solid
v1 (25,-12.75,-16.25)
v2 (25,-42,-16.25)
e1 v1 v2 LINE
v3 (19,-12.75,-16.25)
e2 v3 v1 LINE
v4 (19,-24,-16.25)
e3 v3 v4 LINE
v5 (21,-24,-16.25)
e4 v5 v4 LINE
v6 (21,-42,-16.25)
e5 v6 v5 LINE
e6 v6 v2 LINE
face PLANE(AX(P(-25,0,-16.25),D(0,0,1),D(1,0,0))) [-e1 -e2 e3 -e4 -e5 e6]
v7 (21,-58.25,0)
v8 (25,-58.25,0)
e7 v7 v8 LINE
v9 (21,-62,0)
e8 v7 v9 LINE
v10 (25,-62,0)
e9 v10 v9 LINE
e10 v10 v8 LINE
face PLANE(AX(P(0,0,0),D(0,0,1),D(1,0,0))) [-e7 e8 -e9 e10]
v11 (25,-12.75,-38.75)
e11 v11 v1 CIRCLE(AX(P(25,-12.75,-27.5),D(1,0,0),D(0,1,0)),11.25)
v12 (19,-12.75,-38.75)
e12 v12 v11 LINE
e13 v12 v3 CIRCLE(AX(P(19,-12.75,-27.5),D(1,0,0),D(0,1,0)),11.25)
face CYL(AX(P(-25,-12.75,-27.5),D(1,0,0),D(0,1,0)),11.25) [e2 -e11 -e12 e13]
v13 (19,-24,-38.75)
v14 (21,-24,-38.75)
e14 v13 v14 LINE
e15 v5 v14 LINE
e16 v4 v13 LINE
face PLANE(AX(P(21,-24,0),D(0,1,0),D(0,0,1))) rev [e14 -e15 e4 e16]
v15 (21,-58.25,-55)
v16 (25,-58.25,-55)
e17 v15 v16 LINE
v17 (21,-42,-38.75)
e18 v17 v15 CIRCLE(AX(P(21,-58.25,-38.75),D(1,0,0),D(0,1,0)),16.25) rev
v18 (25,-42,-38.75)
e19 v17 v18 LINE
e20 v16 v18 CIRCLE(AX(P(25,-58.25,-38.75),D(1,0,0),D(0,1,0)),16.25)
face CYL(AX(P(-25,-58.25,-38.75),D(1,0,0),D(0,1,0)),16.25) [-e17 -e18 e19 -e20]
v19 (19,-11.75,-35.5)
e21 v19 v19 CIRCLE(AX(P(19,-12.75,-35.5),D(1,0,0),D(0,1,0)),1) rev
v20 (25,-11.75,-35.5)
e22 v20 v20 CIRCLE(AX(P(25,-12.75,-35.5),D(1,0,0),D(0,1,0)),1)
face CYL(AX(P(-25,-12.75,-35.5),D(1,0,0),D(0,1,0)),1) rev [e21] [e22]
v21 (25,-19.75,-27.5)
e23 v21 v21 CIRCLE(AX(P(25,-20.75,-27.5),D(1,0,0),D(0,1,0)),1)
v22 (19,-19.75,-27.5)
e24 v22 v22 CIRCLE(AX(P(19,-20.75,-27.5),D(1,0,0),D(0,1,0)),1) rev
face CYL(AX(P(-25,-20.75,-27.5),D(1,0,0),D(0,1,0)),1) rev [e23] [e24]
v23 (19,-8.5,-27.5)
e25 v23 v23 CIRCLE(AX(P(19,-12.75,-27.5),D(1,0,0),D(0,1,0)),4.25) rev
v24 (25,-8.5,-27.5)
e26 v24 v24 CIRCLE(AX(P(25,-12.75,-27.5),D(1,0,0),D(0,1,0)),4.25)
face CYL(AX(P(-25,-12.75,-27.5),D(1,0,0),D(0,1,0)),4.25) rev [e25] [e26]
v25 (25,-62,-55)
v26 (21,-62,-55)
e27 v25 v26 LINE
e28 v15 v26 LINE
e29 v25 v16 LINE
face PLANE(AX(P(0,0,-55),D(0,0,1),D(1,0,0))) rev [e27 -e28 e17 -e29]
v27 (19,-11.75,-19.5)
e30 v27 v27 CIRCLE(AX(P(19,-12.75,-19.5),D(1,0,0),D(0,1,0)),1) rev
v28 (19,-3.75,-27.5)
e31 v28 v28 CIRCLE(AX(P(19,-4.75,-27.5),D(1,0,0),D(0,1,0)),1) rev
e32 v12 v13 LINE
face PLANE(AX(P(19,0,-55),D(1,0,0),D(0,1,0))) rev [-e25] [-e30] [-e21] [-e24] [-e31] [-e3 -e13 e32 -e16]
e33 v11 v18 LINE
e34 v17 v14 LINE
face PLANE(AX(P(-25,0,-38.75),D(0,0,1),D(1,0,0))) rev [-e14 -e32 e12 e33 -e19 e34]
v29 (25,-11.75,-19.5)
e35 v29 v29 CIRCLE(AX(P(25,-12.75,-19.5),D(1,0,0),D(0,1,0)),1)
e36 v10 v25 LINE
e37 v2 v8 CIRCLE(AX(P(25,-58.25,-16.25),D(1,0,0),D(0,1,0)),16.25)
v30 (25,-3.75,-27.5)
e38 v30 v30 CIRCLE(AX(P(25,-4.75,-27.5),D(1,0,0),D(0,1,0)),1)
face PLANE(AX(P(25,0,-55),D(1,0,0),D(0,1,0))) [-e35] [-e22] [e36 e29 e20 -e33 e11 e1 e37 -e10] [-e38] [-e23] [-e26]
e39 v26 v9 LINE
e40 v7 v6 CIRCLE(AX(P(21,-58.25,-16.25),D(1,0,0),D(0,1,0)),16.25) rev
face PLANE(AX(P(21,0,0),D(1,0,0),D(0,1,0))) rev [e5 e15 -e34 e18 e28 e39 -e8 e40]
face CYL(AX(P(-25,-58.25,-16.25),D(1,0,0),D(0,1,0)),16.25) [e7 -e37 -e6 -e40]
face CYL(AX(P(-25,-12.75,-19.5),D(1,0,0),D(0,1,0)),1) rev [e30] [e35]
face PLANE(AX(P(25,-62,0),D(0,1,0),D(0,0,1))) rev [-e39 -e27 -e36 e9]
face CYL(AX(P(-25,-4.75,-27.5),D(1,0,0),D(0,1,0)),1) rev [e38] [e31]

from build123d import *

# Parameters (mm, degrees)
SKETCH1_W           = 50
SKETCH1_H           = 170
BOSS_EXTRUDE1_DEPTH = 55
SKETCH2_W           = 34
SKETCH2_H           = 27
CUT_EXTRUDE1_DEPTH  = 181.416185527
SKETCH3_W           = 10
SKETCH3_H           = 24
SKETCH3_R           = 4.25
SKETCH3_R_2         = 1
CUT_EXTRUDE2_DEPTH  = 186.539753153
SKETCH4_W           = 2
SKETCH4_H           = 24
CUT_EXTRUDE3_DEPTH  = 178.623196683
SKETCH5_W           = 6.25
SKETCH5_H           = 11.25
CUT_EXTRUDE4_DEPTH  = 186.539753153
SKETCH6_W           = 38
SKETCH6_H           = 10
CUT_EXTRUDE5_DEPTH  = 181.416185527
SKETCH8_W           = 13.25
SKETCH8_H           = 2.25
CUT_EXTRUDE7_DEPTH  = 186.539753153
SKETCH9_W           = 34
SKETCH9_H           = 35.25
CUT_EXTRUDE8_DEPTH  = 179.297679458
SKETCH11_W          = 13.25
SKETCH11_H          = 20.25
CUT_EXTRUDE9_DEPTH  = 184.480414486
SKETCH12_W          = 28.5
SKETCH12_H          = 15
BOSS_EXTRUDE2_DEPTH = 8
SKETCH14_W          = 34
SKETCH14_H          = 15
SKETCH14_H_2        = 10.25
BOSS_EXTRUDE3_DEPTH = 13.25
SKETCH16_R          = 4.5
SKETCH16_R_2        = 2.5
CUT_EXTRUDE13_DEPTH = 8
SKETCH17_W          = 16.25
SKETCH17_H          = 18
CUT_EXTRUDE14_DEPTH = 175.384811552
CUT_EXTRUDE15_DEPTH = 175.384811552
SKETCH20_W          = 42
SKETCH20_H          = 6.25
SKETCH20_H_2        = 18
SKETCH20_H_3        = 58.75
CUT_EXTRUDE18_DEPTH = 169.923244404
SKETCH22_R          = 4.5
SKETCH22_R_2        = 1.45
BOSS_EXTRUDE4_DEPTH = 8
SKETCH23_W          = 2
SKETCH23_H          = 10
CUT_EXTRUDE19_DEPTH = 165.352137193
FILLET1_R           = 10
SKETCH24_W          = 55
SKETCH24_H          = 55
CUT_EXTRUDE20_DEPTH = 175.384811552
SKETCH25_W          = 85.852144446
SKETCH25_H          = 76.221294909
CUT_EXTRUDE21_DEPTH = 175.384811552
SKETCH26_W          = 33.011757796
SKETCH26_H          = 68.674094685
CUT_EXTRUDE22_DEPTH = 87.567892431


with BuildPart() as part:
    # Sketch1 → Boss-Extrude1 (new body)
    with BuildSketch(Plane.XY):
        with Locations((0, -85)):
            Rectangle(SKETCH1_W, SKETCH1_H)
    extrude(amount=-BOSS_EXTRUDE1_DEPTH)

    # Sketch2 → Cut-Extrude1 (cut, through all)
    with BuildSketch(Plane.XY):
        with Locations((0, -13.5)):
            Rectangle(SKETCH2_W, SKETCH2_H)
    extrude(amount=-CUT_EXTRUDE1_DEPTH, mode=Mode.SUBTRACT)

    # Sketch3 → Cut-Extrude2 (cut, through all)
    with BuildSketch(Plane(origin=(25, 0, 0), x_dir=(0, 0, -1), z_dir=(1, 0, 0))):
        with Locations((50, -12)):
            Rectangle(SKETCH3_W, SKETCH3_H)
        with Locations((5, -12)):
            Rectangle(SKETCH3_W, SKETCH3_H)
        with Locations(Location((27.5, -12.75, 0), (0, 0, 90))):
            Circle(SKETCH3_R)
        with Locations(Location((35.5, -12.75, 0), (0, 0, 90))):
            Circle(SKETCH3_R_2)
        with Locations(Location((27.5, -4.75, 0), (0, 0, 90))):
            Circle(SKETCH3_R_2)
        with Locations(Location((27.5, -20.75, 0), (0, 0, 90))):
            Circle(SKETCH3_R_2)
        with Locations(Location((19.5, -12.75, 0), (0, 0, 90))):
            Circle(SKETCH3_R_2)
    extrude(amount=-CUT_EXTRUDE2_DEPTH, mode=Mode.SUBTRACT)

    # Sketch4 → Cut-Extrude3 (cut, through all)
    with BuildSketch(Plane.XY.offset(-10)):
        with Locations((-18, -12)):
            Rectangle(SKETCH4_W, SKETCH4_H)
        with Locations((18, -12)):
            Rectangle(SKETCH4_W, SKETCH4_H)
    extrude(amount=-CUT_EXTRUDE3_DEPTH, mode=Mode.SUBTRACT)

    # Sketch5 → Cut-Extrude4 (cut, through all)
    with BuildSketch(Plane(origin=(25, 0, 0), x_dir=(0, 0, -1), z_dir=(1, 0, 0))):
        with BuildLine():
            Line((45, 0), (10, 0))
            Line((10, 0), (10, -12.75))
            Line((10, -12.75), (16.25, -12.75))
            ThreePointArc((16.25, -12.75), (27.5, -1.5), (38.75, -12.75))
            Line((38.75, -12.75), (45, -12.75))
            Line((45, -12.75), (45, 0))
        make_face()
        with Locations((13.125, -18.375)):
            Rectangle(SKETCH5_W, SKETCH5_H)
        with Locations((41.875, -18.375)):
            Rectangle(SKETCH5_W, SKETCH5_H)
    extrude(amount=-CUT_EXTRUDE4_DEPTH, mode=Mode.SUBTRACT)

    # Sketch6 → Cut-Extrude5 (cut, through all)
    with BuildSketch(Plane.XY):
        with Locations((0, -29)):
            Rectangle(SKETCH6_W, SKETCH6_H)
    extrude(amount=-CUT_EXTRUDE5_DEPTH, mode=Mode.SUBTRACT)

    # Sketch8 → Cut-Extrude7 (cut, through all)
    with BuildSketch(Plane(origin=(25, 0, 0), x_dir=(0, 0, -1), z_dir=(1, 0, 0))):
        with BuildLine():
            Line((27.5, -157.5), (27.5, -132.5))
            Line((27.5, -132.5), (13.25, -132.5))
            Line((13.25, -132.5), (13.25, -167.75))
            Line((13.25, -167.75), (17.25, -167.75))
            ThreePointArc((17.25, -167.75), (20.252155493, -160.502155493), (27.5, -157.5))
        make_face()
        with BuildLine():
            Line((41.75, -167.75), (41.75, -132.5))
            Line((41.75, -132.5), (27.5, -132.5))
            Line((27.5, -132.5), (27.5, -157.5))
            ThreePointArc((27.5, -157.5), (34.747844507, -160.502155493), (37.75, -167.75))
            Line((37.75, -167.75), (41.75, -167.75))
        make_face()
        with Locations((48.375, -168.875)):
            Rectangle(SKETCH8_W, SKETCH8_H)
        with Locations((6.625, -168.875)):
            Rectangle(SKETCH8_W, SKETCH8_H)
        with BuildLine():
            Line((17.25, -167.75), (13.25, -167.75))
            Line((13.25, -167.75), (13.25, -170))
            Line((13.25, -170), (17.5, -170))
            ThreePointArc((17.5, -170), (17.31269172, -168.881923142), (17.25, -167.75))
        make_face()
        with BuildLine():
            Line((41.75, -170), (41.75, -167.75))
            Line((41.75, -167.75), (37.75, -167.75))
            ThreePointArc((37.75, -167.75), (37.68730828, -168.881923142), (37.5, -170))
            Line((37.5, -170), (41.75, -170))
        make_face()
        with BuildLine():
            Line((27.5, -167.75), (27.5, -157.5))
            ThreePointArc((27.5, -157.5), (20.252155493, -160.502155493), (17.25, -167.75))
            Line((17.25, -167.75), (27.5, -167.75))
        make_face()
        with BuildLine():
            ThreePointArc((37.75, -167.75), (34.747844507, -160.502155493), (27.5, -157.5))
            Line((27.5, -157.5), (27.5, -167.75))
            Line((27.5, -167.75), (37.75, -167.75))
        make_face()
        with BuildLine():
            Line((27.5, -170), (27.5, -167.75))
            Line((27.5, -167.75), (17.25, -167.75))
            ThreePointArc((17.25, -167.75), (17.31269172, -168.881923142), (17.5, -170))
            Line((17.5, -170), (27.5, -170))
        make_face()
        with BuildLine():
            ThreePointArc((37.5, -170), (37.68730828, -168.881923142), (37.75, -167.75))
            Line((37.75, -167.75), (27.5, -167.75))
            Line((27.5, -167.75), (27.5, -170))
            Line((27.5, -170), (37.5, -170))
        make_face()
    extrude(amount=-CUT_EXTRUDE7_DEPTH, mode=Mode.SUBTRACT)

    # Sketch9 → Cut-Extrude8 (cut, through all)
    with BuildSketch(Plane.XY):
        with Locations((0, -150.125)):
            Rectangle(SKETCH9_W, SKETCH9_H)
    extrude(amount=-CUT_EXTRUDE8_DEPTH, mode=Mode.SUBTRACT)

    # Sketch11 → Cut-Extrude9 (cut, through all)
    with BuildSketch(Plane(origin=(25, 0, 0), x_dir=(0, 0, -1), z_dir=(1, 0, 0))):
        with BuildLine():
            ThreePointArc((17.25, -167.75), (20.252155493, -160.502155493), (27.5, -157.5))
            Line((27.5, -157.5), (27.5, -147.5))
            Line((27.5, -147.5), (13.25, -147.5))
            Line((13.25, -147.5), (13.25, -167.75))
            Line((13.25, -167.75), (17.25, -167.75))
        make_face()
        with BuildLine():
            Line((27.5, -147.5), (27.5, -157.5))
            ThreePointArc((27.5, -157.5), (34.747844507, -160.502155493), (37.75, -167.75))
            Line((37.75, -167.75), (41.75, -167.75))
            Line((41.75, -167.75), (41.75, -147.5))
            Line((41.75, -147.5), (27.5, -147.5))
        make_face()
        with Locations((48.375, -157.625)):
            Rectangle(SKETCH11_W, SKETCH11_H)
        with Locations((6.625, -157.625)):
            Rectangle(SKETCH11_W, SKETCH11_H)
    extrude(amount=-CUT_EXTRUDE9_DEPTH, mode=Mode.SUBTRACT)

    # Sketch12 → Boss-Extrude2 (add)
    with BuildSketch(Plane(origin=(25, 0, 0), x_dir=(0, 0, -1), z_dir=(1, 0, 0))):
        with Locations((27.5, -140)):
            Rectangle(SKETCH12_W, SKETCH12_H)
    boss_extrude2 = extrude(amount=-BOSS_EXTRUDE2_DEPTH)

    # Mirror1: Boss-Extrude2 across plane
    add(boss_extrude2.mirror(Plane(origin=(0, 0, 0), x_dir=(0, 0, 1), z_dir=(1, 0, 0))))

    # Sketch14 → Boss-Extrude3 (add)
    with BuildSketch(Plane.XY):
        with Locations((0, -140)):
            Rectangle(SKETCH14_W, SKETCH14_H)
        with Locations((0, -152.625)):
            Rectangle(SKETCH14_W, SKETCH14_H_2)
    boss_extrude3 = extrude(amount=-BOSS_EXTRUDE3_DEPTH)

    # Mirror2: Boss-Extrude3 across plane
    add(boss_extrude3.mirror(Plane.XY.offset(-27.5)))

    # Sketch16 → Cut-Extrude13 (cut)
    # profile 1 of 3: a face of its own
    with BuildSketch(Plane(origin=(25, 0, 0), x_dir=(0, 0, -1), z_dir=(1, 0, 0))):
        with Locations(Location((16.5, -135.75, 0), (0, 0, 90))):
            Circle(SKETCH16_R)
        with Locations((16.5, -135.75)):
            Circle(SKETCH16_R_2, mode=Mode.SUBTRACT)
    # profile 2 of 3: a face of its own
    with BuildSketch(Plane(origin=(25, 0, 0), x_dir=(0, 0, -1), z_dir=(1, 0, 0))):
        with Locations((16.5, -135.75)):
            Circle(SKETCH16_R_2)
    # profile 3 of 3: a face of its own
    with BuildSketch(Plane(origin=(25, 0, 0), x_dir=(0, 0, -1), z_dir=(1, 0, 0))):
        with Locations(Location((38.5, -135.75, 0), (0, 0, 90))):
            Circle(SKETCH16_R)
    cut_extrude13 = extrude(amount=-CUT_EXTRUDE13_DEPTH, mode=Mode.SUBTRACT)

    # Mirror3: Cut-Extrude13 across plane
    add(cut_extrude13.mirror(Plane(origin=(0, 0, 0), x_dir=(0, 0, 1), z_dir=(1, 0, 0))), mode=Mode.SUBTRACT)

    # Sketch17 → Cut-Extrude14 (cut, through all)
    with BuildSketch(Plane(origin=(25, 0, 0), x_dir=(0, 0, -1), z_dir=(1, 0, 0))):
        with Locations((46.875, -33)):
            Rectangle(SKETCH17_W, SKETCH17_H)
        with Locations((8.125, -33)):
            Rectangle(SKETCH17_W, SKETCH17_H)
    extrude(amount=-CUT_EXTRUDE14_DEPTH, mode=Mode.SUBTRACT)

    # Sketch18 → Cut-Extrude15 (cut, through all)
    with BuildSketch(Plane(origin=(25, 0, 0), x_dir=(0, 0, -1), z_dir=(1, 0, 0))):
        with BuildLine():
            ThreePointArc((0, -58.25), (4.759514806, -46.759514806), (16.25, -42))
            Line((16.25, -42), (0, -42))
            Line((0, -42), (0, -58.25))
        make_face()
        with BuildLine():
            Line((55, -42), (38.75, -42))
            ThreePointArc((38.75, -42), (50.240485194, -46.759514806), (55, -58.25))
            Line((55, -58.25), (55, -42))
        make_face()
    extrude(amount=-CUT_EXTRUDE15_DEPTH, mode=Mode.SUBTRACT)

    # Sketch20 → Cut-Extrude18 (cut, through all)
    with BuildSketch(Plane(origin=(0, 0, -55), x_dir=(-1, 0, 0), z_dir=(0, 0, -1))):
        with Locations((0, -55.125)):
            Rectangle(SKETCH20_W, SKETCH20_H)
        with Locations((0, -43)):
            Rectangle(SKETCH20_W, SKETCH20_H_2)
        with Locations((0, -87.625)):
            Rectangle(SKETCH20_W, SKETCH20_H_3)
    extrude(amount=-CUT_EXTRUDE18_DEPTH, mode=Mode.SUBTRACT)

    # Sketch22 → Boss-Extrude4 (add)
    # profile 1 of 2: a face of its own
    with BuildSketch(Plane.ZY.offset(25)):
        with Locations(Location((-38.5, -135.75, 0), (0, 0, 90))):
            Circle(SKETCH22_R)
        with Locations(Location((-38.5, -135.75, 0), (0, 0, 270))):
            Circle(SKETCH22_R_2, mode=Mode.SUBTRACT)
    # profile 2 of 2: a face of its own
    with BuildSketch(Plane.ZY.offset(25)):
        with Locations(Location((-16.5, -135.75, 0), (0, 0, 90))):
            Circle(SKETCH22_R)
        with Locations(Location((-16.5, -135.75, 0), (0, 0, 270))):
            Circle(SKETCH22_R_2, mode=Mode.SUBTRACT)
    boss_extrude4 = extrude(amount=-BOSS_EXTRUDE4_DEPTH)

    # Mirror4: Boss-Extrude4 across plane
    add(boss_extrude4.mirror(Plane(origin=(0, 0, 0), x_dir=(0, 0, 1), z_dir=(1, 0, 0))))

    # Sketch23 → Cut-Extrude19 (cut, through all)
    with BuildSketch(Plane(origin=(0, 0, -38.75), x_dir=(-1, 0, 0), z_dir=(0, 0, -1))):
        with Locations((-20, -29)):
            Rectangle(SKETCH23_W, SKETCH23_H)
        with Locations((20, -29)):
            Rectangle(SKETCH23_W, SKETCH23_H)
    extrude(amount=-CUT_EXTRUDE19_DEPTH, mode=Mode.SUBTRACT)

    # Fillet1
    fillet1_edges = [part.edges().sort_by_distance(p)[0] for p in [
        (0, -157.75, 0),
        (0, -157.75, -55),
    ]]
    fillet(fillet1_edges, radius=FILLET1_R)

    # Sketch24 → Cut-Extrude20 (cut, through all)
    with BuildSketch(Plane.ZY.offset(25)):
        with Locations((-27.5, -89.5)):
            Rectangle(SKETCH24_W, SKETCH24_H)
    extrude(amount=-CUT_EXTRUDE20_DEPTH, mode=Mode.SUBTRACT)


with BuildPart() as cut_extrude20_piece_1:
    # of the separate pieces the step leaves, piece 1, a body of its own (cut_extrude20_pieces)
    add(part.part.solids().sort_by_distance((17, -147.75, 0))[0])

    # Sketch25 → Cut-Extrude21 (cut, through all)
    with BuildSketch(Plane.ZY.offset(25)):
        with Locations((-29.151002778, -129.567834029)):
            Rectangle(SKETCH25_W, SKETCH25_H)
    extrude(amount=-CUT_EXTRUDE21_DEPTH, mode=Mode.SUBTRACT)


with BuildPart() as cut_extrude20_piece_2:
    # of the separate pieces the step leaves, piece 2, a body of its own (cut_extrude20_pieces)
    add(part.part.solids().sort_by_distance((25, -58.25, 0))[0])


with BuildPart() as cut_extrude20_piece_3:
    # of the separate pieces the step leaves, piece 3, a body of its own (cut_extrude20_pieces)
    add(part.part.solids().sort_by_distance((-25, -62, 0))[0])

    # Sketch26 → Cut-Extrude22 (cut, through all)
    with BuildSketch(Plane.XY):
        with Locations((-19.418686116, -31.078989241)):
            Rectangle(SKETCH26_W, SKETCH26_H)
    extrude(amount=-CUT_EXTRUDE22_DEPTH, mode=Mode.SUBTRACT)


solid = cut_extrude20_piece_2.part
